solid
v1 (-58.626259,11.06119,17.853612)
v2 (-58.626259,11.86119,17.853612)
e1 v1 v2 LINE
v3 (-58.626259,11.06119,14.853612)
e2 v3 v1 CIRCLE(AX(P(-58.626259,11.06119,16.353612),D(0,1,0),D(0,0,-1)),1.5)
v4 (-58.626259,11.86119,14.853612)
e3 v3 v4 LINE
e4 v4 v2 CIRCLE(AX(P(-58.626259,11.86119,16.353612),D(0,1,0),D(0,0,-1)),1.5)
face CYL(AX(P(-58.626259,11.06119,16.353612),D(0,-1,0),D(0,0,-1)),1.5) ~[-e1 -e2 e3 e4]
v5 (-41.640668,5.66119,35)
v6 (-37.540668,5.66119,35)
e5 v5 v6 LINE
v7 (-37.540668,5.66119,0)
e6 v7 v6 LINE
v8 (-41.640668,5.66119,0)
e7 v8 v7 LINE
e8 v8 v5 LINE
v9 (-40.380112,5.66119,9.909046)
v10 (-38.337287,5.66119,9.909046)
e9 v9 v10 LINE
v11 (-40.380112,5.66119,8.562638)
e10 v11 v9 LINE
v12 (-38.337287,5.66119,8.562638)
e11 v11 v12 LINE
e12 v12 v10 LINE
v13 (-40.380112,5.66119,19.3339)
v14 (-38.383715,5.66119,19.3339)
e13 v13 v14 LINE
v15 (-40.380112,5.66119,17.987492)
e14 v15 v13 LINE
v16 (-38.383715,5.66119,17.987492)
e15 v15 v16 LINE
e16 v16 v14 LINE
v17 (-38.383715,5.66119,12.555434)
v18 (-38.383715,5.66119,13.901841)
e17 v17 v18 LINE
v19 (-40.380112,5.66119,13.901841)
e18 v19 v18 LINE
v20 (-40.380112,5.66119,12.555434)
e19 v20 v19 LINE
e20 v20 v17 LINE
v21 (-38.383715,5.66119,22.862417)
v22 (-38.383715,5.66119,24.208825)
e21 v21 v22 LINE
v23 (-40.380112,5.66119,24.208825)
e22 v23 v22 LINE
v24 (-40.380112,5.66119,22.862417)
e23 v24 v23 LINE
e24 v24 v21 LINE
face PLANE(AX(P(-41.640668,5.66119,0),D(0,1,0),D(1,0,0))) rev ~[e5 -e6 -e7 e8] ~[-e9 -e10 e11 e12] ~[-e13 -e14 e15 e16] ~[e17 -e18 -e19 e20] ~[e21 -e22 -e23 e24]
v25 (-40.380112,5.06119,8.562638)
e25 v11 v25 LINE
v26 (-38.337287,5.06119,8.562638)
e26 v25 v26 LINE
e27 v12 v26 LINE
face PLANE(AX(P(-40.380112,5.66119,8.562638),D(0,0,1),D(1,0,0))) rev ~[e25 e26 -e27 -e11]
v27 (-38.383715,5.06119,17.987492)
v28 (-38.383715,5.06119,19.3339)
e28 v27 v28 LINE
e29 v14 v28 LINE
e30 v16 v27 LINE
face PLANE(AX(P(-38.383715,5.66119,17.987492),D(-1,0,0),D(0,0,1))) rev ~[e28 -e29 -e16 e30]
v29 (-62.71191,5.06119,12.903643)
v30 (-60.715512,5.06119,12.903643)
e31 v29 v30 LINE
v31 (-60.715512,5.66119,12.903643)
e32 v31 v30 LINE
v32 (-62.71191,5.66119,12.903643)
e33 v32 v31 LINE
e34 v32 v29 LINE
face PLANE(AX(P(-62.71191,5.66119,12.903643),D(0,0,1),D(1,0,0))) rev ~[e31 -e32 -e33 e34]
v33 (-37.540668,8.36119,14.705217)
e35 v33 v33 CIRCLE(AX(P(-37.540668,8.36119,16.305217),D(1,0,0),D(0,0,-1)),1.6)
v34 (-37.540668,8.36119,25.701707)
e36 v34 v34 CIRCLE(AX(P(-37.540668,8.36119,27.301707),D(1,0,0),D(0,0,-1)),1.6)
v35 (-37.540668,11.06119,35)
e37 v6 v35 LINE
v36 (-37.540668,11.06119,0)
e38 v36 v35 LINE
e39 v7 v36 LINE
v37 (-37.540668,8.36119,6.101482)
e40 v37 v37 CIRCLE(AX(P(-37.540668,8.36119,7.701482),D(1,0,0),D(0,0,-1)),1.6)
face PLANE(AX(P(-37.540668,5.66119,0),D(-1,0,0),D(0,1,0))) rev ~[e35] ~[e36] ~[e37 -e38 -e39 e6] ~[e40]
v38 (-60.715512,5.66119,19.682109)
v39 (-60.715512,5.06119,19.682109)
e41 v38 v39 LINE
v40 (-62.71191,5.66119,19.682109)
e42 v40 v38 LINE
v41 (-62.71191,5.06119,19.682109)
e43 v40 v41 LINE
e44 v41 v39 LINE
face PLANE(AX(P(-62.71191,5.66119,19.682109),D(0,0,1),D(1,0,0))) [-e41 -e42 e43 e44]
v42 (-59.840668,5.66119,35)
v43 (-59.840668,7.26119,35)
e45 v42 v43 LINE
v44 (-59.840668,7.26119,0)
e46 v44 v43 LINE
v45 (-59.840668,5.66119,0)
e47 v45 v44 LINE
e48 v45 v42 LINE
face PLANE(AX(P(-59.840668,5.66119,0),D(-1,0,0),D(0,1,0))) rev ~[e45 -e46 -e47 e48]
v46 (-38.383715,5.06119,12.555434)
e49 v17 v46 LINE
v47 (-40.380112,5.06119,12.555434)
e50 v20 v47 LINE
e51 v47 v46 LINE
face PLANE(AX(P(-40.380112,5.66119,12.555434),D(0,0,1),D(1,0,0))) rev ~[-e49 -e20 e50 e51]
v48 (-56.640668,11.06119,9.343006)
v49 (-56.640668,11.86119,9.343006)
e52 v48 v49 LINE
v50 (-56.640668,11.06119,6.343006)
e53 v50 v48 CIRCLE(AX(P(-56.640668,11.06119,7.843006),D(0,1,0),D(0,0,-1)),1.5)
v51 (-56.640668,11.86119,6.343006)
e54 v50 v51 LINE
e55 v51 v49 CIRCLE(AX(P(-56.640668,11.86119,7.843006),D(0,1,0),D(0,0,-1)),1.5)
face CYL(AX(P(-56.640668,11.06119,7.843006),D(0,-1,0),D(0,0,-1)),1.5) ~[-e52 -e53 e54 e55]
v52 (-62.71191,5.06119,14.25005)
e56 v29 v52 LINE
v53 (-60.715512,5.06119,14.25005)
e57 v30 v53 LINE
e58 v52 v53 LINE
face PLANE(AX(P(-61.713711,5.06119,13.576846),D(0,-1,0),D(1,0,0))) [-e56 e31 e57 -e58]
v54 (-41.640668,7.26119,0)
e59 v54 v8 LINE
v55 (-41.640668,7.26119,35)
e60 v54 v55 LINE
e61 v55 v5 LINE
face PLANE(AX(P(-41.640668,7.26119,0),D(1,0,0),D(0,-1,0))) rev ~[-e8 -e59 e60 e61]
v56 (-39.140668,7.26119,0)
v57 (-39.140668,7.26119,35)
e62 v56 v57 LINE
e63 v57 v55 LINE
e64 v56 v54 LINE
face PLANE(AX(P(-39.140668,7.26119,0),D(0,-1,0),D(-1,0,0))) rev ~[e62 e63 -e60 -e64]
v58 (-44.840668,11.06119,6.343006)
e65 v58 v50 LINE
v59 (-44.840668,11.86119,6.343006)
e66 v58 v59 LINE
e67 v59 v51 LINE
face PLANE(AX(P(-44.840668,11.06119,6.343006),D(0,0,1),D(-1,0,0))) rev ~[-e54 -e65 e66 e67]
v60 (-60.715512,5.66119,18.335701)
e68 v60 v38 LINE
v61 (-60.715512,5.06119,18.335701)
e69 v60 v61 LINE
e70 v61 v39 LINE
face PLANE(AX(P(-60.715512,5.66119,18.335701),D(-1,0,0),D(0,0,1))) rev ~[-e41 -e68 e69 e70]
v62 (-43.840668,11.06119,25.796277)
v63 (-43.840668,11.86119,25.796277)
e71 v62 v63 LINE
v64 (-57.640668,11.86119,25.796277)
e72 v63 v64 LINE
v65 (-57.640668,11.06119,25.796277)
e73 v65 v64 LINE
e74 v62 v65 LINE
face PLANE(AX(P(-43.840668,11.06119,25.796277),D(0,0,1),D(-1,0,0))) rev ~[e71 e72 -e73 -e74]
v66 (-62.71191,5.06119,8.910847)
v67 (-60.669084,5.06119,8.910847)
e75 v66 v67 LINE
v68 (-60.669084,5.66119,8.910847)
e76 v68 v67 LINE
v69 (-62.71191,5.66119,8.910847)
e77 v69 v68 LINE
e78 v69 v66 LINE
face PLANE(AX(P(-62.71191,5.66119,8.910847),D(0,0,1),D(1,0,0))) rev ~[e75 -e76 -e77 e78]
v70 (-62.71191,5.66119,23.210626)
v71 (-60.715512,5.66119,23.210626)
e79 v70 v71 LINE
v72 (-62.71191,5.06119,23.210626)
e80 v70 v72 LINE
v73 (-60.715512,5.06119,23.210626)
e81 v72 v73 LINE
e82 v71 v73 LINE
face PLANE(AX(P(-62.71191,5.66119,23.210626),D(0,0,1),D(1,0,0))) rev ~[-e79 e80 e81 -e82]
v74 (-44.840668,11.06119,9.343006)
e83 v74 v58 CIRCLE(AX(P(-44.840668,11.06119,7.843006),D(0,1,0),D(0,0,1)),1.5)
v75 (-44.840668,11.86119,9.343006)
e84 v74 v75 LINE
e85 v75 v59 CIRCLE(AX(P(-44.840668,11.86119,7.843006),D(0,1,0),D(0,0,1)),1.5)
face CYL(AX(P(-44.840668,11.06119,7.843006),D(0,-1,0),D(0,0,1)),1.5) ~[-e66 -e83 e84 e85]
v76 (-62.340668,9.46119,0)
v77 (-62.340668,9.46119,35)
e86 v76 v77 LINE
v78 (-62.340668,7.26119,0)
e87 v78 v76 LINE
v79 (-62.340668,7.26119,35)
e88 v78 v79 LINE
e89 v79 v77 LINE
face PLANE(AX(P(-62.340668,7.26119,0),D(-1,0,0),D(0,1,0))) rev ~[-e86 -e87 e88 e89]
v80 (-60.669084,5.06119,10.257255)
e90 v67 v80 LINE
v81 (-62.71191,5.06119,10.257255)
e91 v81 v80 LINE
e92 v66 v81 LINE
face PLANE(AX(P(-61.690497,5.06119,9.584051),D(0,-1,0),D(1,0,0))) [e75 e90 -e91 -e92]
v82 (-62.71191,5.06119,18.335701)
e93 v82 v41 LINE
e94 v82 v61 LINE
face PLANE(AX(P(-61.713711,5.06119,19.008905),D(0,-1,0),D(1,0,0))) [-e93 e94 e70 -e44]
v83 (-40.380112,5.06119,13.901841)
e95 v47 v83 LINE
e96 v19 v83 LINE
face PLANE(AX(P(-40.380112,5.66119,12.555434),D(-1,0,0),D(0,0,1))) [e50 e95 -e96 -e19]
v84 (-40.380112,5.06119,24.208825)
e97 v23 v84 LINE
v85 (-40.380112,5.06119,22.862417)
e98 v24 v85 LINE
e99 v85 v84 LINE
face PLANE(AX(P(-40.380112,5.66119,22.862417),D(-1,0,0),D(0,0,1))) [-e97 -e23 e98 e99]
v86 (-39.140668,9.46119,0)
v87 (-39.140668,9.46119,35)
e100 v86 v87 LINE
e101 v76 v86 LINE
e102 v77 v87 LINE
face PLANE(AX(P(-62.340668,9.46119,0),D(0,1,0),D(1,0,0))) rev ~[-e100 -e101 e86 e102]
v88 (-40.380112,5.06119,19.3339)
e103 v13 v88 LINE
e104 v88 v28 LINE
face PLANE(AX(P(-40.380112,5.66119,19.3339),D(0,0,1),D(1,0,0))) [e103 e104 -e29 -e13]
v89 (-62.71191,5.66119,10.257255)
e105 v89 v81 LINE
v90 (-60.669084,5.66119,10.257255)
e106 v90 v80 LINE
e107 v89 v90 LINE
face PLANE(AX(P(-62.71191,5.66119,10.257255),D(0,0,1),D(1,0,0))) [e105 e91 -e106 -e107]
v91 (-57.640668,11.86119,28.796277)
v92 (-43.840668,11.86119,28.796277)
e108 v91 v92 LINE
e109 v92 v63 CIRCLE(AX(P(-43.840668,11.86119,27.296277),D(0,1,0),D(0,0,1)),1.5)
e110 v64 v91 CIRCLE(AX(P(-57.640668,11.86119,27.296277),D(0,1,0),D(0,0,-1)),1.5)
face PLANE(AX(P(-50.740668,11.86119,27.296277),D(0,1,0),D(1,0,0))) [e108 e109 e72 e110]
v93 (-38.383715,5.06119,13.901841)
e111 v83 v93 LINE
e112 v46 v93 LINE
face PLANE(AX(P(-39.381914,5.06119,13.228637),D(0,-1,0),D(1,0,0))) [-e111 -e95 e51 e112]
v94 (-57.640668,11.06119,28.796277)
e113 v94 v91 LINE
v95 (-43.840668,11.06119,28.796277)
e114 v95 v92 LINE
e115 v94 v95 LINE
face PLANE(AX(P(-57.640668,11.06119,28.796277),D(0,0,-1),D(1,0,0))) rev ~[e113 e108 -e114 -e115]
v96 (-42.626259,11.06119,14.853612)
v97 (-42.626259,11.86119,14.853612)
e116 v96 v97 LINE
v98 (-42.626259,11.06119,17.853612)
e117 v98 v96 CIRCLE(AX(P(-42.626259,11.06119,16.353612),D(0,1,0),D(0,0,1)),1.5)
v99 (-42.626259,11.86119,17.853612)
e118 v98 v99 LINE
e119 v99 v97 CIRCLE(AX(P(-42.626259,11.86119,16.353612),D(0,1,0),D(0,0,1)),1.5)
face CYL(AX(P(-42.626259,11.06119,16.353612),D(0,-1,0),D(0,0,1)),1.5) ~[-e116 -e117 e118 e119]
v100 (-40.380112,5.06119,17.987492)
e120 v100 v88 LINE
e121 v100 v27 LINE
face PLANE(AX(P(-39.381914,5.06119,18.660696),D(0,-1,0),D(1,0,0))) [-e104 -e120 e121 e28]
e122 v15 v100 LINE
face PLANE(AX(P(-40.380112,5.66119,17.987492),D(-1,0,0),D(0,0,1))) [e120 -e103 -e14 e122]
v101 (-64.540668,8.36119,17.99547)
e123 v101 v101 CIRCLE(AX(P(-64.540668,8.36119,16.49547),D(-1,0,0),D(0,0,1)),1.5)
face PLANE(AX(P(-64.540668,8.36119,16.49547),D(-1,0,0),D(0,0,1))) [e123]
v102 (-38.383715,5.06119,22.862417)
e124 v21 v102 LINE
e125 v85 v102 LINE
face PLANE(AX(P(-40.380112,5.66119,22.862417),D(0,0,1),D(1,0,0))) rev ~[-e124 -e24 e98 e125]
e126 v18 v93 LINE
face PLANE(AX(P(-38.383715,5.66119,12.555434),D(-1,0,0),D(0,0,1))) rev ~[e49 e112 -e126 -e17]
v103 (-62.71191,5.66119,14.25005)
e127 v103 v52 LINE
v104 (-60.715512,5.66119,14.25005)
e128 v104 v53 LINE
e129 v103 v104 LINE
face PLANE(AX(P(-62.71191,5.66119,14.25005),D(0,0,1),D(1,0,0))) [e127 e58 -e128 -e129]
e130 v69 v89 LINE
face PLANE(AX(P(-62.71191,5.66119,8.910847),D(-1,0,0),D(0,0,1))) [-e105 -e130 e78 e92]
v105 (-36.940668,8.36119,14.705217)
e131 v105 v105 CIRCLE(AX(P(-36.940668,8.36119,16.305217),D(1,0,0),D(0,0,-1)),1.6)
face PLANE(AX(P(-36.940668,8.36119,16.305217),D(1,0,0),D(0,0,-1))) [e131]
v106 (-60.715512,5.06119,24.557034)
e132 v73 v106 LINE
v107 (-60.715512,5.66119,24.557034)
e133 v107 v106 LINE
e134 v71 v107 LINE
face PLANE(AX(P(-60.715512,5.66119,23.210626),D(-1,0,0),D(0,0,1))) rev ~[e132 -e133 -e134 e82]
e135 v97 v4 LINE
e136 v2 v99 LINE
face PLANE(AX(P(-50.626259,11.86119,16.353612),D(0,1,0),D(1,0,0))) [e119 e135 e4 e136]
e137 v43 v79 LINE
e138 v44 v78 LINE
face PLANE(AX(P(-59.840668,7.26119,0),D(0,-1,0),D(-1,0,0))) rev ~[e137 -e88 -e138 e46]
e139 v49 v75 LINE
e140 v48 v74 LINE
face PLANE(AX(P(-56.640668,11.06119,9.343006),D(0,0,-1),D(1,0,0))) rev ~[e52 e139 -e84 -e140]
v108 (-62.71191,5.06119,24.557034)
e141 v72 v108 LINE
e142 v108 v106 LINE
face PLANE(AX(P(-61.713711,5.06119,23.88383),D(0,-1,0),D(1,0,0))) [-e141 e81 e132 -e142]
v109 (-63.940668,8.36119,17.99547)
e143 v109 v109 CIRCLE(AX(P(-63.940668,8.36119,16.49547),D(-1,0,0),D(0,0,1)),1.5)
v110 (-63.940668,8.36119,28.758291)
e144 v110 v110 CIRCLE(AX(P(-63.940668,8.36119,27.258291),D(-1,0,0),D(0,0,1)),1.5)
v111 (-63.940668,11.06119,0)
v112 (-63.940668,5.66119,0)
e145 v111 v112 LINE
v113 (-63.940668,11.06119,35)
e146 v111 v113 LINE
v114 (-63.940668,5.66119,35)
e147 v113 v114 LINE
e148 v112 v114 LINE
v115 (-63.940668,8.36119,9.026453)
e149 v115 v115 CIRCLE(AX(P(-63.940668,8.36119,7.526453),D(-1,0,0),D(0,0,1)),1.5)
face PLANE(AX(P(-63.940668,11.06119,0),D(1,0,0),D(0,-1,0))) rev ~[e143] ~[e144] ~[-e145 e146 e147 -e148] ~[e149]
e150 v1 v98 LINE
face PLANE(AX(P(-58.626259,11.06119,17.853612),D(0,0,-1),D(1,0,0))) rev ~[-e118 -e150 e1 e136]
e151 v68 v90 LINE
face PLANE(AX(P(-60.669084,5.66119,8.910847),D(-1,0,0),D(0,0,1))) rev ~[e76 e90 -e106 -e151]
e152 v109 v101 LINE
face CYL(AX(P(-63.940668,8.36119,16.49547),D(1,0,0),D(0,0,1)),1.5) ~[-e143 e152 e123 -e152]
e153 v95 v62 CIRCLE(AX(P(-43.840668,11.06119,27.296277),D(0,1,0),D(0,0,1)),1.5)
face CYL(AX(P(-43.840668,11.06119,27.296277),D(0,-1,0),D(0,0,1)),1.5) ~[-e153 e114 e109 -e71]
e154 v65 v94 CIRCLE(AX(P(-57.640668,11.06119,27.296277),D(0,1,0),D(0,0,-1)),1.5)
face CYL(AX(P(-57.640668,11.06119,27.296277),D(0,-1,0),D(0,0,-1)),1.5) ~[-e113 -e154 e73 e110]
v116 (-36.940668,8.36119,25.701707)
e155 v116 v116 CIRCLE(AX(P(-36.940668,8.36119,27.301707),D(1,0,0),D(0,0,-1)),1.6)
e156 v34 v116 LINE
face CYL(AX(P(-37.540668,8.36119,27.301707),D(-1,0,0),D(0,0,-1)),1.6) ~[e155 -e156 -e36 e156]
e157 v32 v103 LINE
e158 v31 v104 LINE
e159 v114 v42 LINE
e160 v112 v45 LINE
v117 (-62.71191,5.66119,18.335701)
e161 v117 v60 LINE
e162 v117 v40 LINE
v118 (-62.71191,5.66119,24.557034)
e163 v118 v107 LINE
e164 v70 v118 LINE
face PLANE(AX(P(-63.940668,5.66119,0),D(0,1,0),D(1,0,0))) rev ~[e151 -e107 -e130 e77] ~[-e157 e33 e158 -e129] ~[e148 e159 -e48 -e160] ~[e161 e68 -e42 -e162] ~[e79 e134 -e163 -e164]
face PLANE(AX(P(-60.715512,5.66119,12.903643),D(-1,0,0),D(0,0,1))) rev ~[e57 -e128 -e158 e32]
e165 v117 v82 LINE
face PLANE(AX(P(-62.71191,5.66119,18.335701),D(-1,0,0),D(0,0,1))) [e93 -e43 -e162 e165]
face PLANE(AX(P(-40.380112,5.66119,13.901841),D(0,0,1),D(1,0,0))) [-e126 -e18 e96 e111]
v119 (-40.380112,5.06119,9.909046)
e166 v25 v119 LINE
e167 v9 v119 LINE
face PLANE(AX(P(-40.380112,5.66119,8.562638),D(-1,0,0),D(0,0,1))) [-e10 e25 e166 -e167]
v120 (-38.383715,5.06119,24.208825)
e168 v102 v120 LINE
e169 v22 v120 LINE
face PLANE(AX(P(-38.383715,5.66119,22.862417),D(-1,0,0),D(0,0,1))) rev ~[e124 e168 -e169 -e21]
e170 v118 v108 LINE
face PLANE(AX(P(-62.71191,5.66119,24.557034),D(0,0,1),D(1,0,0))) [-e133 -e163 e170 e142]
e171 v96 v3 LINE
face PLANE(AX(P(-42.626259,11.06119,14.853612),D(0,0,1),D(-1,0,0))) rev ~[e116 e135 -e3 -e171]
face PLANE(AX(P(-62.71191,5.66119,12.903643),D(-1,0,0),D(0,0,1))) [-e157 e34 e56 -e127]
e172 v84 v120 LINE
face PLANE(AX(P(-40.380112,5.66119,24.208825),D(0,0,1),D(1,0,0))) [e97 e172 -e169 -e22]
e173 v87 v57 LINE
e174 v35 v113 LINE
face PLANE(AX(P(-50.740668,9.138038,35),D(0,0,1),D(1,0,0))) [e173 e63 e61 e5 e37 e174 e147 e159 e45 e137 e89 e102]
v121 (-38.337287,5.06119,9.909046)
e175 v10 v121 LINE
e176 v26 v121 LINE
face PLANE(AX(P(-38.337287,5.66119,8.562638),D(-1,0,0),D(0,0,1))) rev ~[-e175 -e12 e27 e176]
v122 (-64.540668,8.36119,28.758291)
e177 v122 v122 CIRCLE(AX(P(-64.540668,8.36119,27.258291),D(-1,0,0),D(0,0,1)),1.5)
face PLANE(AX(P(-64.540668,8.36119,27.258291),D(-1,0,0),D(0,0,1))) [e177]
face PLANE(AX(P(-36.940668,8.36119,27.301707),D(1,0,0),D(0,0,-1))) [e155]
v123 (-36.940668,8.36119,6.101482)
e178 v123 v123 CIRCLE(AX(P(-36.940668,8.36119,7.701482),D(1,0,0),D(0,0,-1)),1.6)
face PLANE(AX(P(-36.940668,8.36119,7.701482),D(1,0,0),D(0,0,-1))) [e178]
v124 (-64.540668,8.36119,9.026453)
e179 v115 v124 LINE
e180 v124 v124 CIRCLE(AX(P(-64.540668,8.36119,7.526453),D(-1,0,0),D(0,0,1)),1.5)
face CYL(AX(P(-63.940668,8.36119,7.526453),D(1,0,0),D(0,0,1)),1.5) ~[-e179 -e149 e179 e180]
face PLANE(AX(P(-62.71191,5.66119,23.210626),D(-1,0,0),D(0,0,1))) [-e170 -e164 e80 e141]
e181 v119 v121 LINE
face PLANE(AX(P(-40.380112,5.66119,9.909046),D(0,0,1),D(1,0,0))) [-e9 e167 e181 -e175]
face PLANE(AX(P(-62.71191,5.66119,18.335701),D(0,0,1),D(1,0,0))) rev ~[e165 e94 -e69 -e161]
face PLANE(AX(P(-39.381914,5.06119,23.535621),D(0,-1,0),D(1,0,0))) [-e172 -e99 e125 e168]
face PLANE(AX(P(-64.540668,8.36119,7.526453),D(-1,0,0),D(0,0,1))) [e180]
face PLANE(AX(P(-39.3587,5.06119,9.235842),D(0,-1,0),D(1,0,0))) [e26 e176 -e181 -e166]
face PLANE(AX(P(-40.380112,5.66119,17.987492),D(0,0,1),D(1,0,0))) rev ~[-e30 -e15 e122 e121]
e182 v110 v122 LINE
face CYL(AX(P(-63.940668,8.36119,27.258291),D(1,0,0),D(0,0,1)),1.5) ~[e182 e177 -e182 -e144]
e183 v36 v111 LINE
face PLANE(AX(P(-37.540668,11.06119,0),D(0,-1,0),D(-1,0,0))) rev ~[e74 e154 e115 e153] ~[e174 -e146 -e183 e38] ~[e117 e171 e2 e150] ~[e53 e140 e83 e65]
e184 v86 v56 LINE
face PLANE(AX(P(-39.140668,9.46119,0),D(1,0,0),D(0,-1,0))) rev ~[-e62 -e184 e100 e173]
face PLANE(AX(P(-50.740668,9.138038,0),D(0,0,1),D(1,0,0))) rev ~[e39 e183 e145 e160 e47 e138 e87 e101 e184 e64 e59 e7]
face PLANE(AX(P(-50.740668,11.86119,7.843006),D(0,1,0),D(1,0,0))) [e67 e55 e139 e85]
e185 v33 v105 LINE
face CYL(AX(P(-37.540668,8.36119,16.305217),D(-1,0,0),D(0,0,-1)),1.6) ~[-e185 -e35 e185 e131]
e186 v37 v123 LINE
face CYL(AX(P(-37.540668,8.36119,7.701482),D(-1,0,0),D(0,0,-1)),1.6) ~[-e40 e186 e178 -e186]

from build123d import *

# Parameters (mm, degrees)
BOSS_EXTRUDE1_DEPTH = 35
BOSS_EXTRUDE2_DEPTH = 0.8
SKETCH3_R           = 1.5
BOSS_EXTRUDE3_DEPTH = 0.6
SKETCH5_R           = 1.6
BOSS_EXTRUDE4_DEPTH = 0.6
SKETCH6_W           = 1.996397696
SKETCH6_H           = 1.346407749
SKETCH6_H_2         = 1.346407748
SKETCH6_W_2         = 2.042825549
BOSS_EXTRUDE5_DEPTH = 0.6


with BuildPart() as part:
    # Sketch1 → Boss-Extrude1 (new body)
    with BuildSketch(Plane.XY):
        Polygon((-59.84066795, 5.661190292), (-59.84066795, 7.261190292), (-62.34066795, 7.261190292), (-62.34066795, 9.461190292), (-39.14066795, 9.461190292), (-39.14066795, 7.261190292), (-41.64066795, 7.261190292), (-41.64066795, 5.661190292), (-37.54066795, 5.661190292), (-37.54066795, 11.061190292), (-63.94066795, 11.061190292), (-63.94066795, 5.661190292), align=None)
    extrude(amount=BOSS_EXTRUDE1_DEPTH)

    # Sketch2 → Boss-Extrude2 (add)
    with BuildSketch(Plane(origin=(0, 11.061190292, 0), x_dir=(1, 0, 0), z_dir=(0, 1, 0))):
        with BuildLine():
            Line((-56.64066795, -9.343006494), (-44.84066795, -9.343006494))
            ThreePointArc((-44.84066795, -9.343006494), (-43.34066795, -7.843006494), (-44.84066795, -6.343006494))
            Line((-44.84066795, -6.343006494), (-56.64066795, -6.343006494))
            ThreePointArc((-56.64066795, -6.343006494), (-58.14066795, -7.843006494), (-56.64066795, -9.343006494))
        make_face()
        with BuildLine():
            Line((-58.626258735, -17.853612356), (-42.626258735, -17.853612356))
            ThreePointArc((-42.626258735, -17.853612356), (-41.126258735, -16.353612356), (-42.626258735, -14.853612356))
            Line((-42.626258735, -14.853612356), (-58.626258735, -14.853612356))
            ThreePointArc((-58.626258735, -14.853612356), (-60.126258735, -16.353612356), (-58.626258735, -17.853612356))
        make_face()
        with BuildLine():
            Line((-57.64066795, -28.796277067), (-43.84066795, -28.796277067))
            ThreePointArc((-43.84066795, -28.796277067), (-42.34066795, -27.296277067), (-43.84066795, -25.796277067))
            Line((-43.84066795, -25.796277067), (-57.64066795, -25.796277067))
            ThreePointArc((-57.64066795, -25.796277067), (-59.14066795, -27.296277067), (-57.64066795, -28.796277067))
        make_face()
    extrude(amount=BOSS_EXTRUDE2_DEPTH)

    # Sketch3 → Boss-Extrude3 (add)
    with BuildSketch(Plane.ZY.offset(63.94066795)):
        with Locations((7.526452948, 8.361190292)):
            Circle(SKETCH3_R)
        with Locations((16.495470081, 8.361190292)):
            Circle(SKETCH3_R)
        with Locations((27.258290641, 8.361190292)):
            Circle(SKETCH3_R)
    extrude(amount=BOSS_EXTRUDE3_DEPTH)

    # Sketch5 → Boss-Extrude4 (add)
    with BuildSketch(Plane(origin=(-37.54066795, 0, 0), x_dir=(0, 0, -1), z_dir=(1, 0, 0))):
        with Locations((-27.301707085, 8.361190292)):
            Circle(SKETCH5_R)
        with Locations((-16.305217257, 8.361190292)):
            Circle(SKETCH5_R)
        with Locations((-7.70148216, 8.361190292)):
            Circle(SKETCH5_R)
    extrude(amount=BOSS_EXTRUDE4_DEPTH)

    # Sketch6 → Boss-Extrude5 (add)
    with BuildSketch(Plane.XZ.offset(-5.661190292)):
        with Locations((-39.381913502, 23.535620941)):
            Rectangle(SKETCH6_W, SKETCH6_H)
        with Locations((-61.713710985, 23.883829842)):
            Rectangle(SKETCH6_W, SKETCH6_H_2)
        with Locations((-61.713710985, 19.008905236)):
            Rectangle(SKETCH6_W, SKETCH6_H)
        with Locations((-61.713710985, 13.576846388)):
            Rectangle(SKETCH6_W, SKETCH6_H_2)
        with Locations((-61.690497059, 9.584050996)):
            Rectangle(SKETCH6_W_2, SKETCH6_H_2)
        with Locations((-39.381913502, 18.660696335)):
            Rectangle(SKETCH6_W, SKETCH6_H_2)
        with Locations((-39.381913502, 13.228637488)):
            Rectangle(SKETCH6_W, SKETCH6_H)
        with Locations((-39.358699576, 9.235842096)):
            Rectangle(SKETCH6_W_2, SKETCH6_H)
    extrude(amount=BOSS_EXTRUDE5_DEPTH)


solid = part.part
